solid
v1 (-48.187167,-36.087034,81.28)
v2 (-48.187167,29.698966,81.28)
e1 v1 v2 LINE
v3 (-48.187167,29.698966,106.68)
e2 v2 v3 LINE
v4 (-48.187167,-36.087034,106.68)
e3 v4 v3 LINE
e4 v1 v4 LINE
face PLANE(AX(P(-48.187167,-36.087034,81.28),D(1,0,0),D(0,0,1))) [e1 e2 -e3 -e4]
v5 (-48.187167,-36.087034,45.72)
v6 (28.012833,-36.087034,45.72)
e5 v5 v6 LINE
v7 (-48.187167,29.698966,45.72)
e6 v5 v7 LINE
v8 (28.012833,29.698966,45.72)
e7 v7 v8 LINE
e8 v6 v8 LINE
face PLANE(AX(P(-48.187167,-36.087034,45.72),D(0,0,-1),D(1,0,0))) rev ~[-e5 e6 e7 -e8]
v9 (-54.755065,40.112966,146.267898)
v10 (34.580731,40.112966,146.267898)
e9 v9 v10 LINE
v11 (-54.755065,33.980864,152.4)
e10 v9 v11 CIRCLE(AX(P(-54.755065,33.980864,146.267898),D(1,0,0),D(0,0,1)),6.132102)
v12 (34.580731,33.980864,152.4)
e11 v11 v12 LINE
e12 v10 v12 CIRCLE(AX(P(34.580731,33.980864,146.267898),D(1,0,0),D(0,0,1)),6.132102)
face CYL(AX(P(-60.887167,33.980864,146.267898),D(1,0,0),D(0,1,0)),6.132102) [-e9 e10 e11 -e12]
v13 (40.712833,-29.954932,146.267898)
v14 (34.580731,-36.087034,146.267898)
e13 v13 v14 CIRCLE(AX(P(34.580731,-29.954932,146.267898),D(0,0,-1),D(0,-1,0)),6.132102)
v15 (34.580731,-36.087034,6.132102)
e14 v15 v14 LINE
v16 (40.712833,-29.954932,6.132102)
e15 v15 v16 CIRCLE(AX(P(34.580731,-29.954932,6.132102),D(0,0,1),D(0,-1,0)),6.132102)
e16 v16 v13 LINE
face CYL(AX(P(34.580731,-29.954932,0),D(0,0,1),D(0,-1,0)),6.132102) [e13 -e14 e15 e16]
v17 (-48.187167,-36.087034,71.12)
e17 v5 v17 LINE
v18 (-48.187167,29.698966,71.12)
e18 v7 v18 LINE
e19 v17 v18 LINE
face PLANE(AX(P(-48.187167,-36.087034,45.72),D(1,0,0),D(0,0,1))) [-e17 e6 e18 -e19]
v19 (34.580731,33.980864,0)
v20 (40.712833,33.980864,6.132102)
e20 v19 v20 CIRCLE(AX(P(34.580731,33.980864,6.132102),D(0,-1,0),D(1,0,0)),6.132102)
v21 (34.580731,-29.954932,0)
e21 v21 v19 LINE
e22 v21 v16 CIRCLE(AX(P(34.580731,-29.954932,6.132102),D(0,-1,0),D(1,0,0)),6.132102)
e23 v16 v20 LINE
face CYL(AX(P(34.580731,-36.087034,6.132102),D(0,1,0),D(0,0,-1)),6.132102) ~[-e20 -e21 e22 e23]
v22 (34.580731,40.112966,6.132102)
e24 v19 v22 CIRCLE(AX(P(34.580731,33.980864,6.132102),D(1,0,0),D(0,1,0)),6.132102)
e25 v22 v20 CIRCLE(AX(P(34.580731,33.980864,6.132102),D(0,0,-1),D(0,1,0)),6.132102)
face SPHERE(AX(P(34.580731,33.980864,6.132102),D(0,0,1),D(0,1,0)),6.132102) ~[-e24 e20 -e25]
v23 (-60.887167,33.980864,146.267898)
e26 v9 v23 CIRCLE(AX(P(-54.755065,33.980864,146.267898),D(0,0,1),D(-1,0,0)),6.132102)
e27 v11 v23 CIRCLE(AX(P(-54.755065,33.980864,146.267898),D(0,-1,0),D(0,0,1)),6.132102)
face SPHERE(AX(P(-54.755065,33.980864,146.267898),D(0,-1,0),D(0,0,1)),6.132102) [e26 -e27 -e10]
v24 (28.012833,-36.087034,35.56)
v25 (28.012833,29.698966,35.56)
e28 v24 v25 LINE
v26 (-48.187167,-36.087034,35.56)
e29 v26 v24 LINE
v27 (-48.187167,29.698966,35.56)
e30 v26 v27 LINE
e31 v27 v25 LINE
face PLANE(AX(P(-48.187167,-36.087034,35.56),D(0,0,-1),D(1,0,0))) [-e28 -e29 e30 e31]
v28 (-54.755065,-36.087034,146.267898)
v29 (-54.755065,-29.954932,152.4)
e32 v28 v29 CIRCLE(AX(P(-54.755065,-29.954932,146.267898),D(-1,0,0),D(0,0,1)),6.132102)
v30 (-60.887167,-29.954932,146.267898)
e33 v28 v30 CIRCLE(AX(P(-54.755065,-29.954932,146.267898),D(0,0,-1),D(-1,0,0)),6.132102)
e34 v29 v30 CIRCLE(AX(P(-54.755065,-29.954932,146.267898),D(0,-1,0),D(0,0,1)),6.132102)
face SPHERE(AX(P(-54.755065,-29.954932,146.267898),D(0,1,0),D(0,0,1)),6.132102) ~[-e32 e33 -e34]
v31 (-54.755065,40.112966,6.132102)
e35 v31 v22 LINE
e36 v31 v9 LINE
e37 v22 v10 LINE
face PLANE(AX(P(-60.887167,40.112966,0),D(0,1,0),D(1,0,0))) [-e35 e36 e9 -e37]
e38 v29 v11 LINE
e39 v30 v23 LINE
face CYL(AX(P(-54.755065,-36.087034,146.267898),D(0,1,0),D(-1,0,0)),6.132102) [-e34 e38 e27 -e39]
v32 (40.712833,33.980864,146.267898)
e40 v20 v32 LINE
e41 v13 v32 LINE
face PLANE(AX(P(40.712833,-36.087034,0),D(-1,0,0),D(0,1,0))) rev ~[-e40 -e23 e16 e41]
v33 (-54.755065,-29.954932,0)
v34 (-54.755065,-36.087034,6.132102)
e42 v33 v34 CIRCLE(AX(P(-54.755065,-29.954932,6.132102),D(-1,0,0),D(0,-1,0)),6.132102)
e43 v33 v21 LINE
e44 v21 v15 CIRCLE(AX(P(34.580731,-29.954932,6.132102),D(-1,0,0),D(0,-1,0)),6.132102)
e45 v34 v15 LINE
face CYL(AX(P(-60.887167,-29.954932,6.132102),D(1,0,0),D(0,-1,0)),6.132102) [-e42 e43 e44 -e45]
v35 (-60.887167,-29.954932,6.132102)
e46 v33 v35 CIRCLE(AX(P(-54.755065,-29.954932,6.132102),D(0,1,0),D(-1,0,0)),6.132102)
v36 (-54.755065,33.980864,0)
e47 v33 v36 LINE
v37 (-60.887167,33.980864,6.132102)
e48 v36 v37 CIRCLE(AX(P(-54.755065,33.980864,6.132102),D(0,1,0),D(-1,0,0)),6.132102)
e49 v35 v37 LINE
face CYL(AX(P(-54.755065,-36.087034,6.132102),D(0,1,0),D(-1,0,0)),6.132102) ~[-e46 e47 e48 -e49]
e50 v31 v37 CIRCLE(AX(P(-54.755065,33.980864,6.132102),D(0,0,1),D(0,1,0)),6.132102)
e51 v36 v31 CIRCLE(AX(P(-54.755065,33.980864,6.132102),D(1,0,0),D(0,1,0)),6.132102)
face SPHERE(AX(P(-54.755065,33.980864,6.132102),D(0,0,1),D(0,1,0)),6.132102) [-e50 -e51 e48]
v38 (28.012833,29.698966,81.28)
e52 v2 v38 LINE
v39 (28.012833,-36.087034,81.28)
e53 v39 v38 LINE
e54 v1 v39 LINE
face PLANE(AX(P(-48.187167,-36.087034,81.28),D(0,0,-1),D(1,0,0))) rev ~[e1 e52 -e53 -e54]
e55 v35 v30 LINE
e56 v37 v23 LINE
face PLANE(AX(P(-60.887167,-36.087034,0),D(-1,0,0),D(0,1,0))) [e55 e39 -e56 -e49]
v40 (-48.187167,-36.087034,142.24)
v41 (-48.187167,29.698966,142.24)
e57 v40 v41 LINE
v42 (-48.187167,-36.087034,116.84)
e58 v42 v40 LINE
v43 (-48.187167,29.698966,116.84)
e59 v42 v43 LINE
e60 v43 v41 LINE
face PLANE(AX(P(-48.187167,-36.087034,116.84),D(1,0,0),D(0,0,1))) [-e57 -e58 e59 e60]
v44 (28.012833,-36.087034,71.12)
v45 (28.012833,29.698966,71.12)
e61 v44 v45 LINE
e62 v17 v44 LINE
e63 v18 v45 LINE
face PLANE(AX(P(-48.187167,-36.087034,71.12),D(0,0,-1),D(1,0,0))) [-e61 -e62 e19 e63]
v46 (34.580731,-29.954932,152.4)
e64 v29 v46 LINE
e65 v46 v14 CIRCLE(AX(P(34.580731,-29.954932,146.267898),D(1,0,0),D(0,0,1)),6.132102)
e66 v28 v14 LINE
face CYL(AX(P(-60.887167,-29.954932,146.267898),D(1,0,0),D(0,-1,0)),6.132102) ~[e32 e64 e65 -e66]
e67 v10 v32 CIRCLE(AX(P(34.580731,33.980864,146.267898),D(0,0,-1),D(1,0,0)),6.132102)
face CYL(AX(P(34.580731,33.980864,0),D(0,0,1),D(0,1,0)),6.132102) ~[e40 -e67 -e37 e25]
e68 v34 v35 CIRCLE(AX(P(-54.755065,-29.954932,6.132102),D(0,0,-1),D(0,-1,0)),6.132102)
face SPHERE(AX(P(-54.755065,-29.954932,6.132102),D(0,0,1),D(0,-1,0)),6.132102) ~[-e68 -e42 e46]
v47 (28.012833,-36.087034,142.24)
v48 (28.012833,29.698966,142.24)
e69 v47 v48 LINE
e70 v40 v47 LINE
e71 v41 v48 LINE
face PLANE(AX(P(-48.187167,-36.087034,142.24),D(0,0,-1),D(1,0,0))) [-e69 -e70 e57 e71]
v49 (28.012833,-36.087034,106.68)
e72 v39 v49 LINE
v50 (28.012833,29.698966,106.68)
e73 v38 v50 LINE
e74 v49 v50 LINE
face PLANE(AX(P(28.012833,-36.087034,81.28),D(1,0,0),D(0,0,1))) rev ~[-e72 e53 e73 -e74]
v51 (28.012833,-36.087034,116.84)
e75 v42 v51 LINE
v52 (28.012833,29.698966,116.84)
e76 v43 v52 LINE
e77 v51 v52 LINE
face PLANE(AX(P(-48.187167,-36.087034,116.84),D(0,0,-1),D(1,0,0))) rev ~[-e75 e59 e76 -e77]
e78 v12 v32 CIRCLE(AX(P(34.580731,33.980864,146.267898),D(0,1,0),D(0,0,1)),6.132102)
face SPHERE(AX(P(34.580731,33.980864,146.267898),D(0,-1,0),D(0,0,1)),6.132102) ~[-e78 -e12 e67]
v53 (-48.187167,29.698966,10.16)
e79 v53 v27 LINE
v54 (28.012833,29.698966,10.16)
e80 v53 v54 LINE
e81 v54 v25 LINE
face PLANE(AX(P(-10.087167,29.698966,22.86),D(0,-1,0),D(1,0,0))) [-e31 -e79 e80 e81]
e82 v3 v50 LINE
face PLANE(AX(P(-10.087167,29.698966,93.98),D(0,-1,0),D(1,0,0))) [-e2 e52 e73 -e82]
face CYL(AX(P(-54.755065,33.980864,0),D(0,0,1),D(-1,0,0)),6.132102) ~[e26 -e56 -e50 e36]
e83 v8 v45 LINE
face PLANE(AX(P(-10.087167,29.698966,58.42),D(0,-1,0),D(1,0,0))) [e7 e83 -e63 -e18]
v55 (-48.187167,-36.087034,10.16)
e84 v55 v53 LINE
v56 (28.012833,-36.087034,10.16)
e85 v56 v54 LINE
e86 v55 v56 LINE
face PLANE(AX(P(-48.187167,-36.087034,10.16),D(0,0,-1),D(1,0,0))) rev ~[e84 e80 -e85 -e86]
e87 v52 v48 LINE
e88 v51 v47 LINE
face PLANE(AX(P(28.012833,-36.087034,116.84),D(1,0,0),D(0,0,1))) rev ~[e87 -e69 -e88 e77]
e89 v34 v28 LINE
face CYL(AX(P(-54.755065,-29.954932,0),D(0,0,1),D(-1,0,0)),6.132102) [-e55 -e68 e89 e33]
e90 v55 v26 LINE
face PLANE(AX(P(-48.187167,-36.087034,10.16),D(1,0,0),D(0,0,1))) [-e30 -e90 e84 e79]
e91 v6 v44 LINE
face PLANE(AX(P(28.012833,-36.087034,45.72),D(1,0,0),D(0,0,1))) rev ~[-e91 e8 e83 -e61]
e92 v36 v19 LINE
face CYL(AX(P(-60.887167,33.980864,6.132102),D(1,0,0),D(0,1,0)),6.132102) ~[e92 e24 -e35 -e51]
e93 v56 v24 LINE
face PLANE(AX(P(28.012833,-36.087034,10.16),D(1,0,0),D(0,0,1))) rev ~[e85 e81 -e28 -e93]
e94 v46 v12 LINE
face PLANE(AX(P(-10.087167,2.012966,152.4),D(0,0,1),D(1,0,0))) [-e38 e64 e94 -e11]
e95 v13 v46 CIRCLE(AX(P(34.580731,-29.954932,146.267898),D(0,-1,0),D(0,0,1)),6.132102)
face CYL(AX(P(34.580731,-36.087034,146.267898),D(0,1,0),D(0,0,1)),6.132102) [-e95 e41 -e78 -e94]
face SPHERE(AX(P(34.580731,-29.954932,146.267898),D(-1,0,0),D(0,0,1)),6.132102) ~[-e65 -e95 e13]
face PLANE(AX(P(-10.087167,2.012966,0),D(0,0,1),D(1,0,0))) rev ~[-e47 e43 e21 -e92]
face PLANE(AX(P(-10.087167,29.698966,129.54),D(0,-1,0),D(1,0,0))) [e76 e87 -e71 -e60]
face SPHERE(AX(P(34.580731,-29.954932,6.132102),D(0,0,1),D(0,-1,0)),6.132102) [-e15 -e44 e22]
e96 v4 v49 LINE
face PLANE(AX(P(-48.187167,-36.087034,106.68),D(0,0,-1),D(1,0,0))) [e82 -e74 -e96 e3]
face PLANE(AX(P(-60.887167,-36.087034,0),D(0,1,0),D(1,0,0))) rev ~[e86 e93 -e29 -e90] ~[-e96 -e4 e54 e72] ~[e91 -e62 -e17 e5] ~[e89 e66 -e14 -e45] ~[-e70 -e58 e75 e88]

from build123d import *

# Parameters (mm, degrees)
F0_W     = 101.6
F0_H     = 76.2
F1_DEPTH = 152.4
F2_W     = 76.2
F2_H     = 25.4
F3_DEPTH = 65.786
F4_R     = 6.132102


with BuildPart() as f1:
    # F0 (on Top) → F1 (new body)
    with BuildSketch(Plane.XY):
        with Locations((-10.087167, 2.012966)):
            Rectangle(F0_W, F0_H)
    extrude(amount=F1_DEPTH)

    # F2 (on face) → F3 (cut)
    with BuildSketch(Plane.XZ.offset(36.087034)):
        with Locations((-10.087167, 129.54)):
            Rectangle(F2_W, F2_H)
        with Locations((-10.087167, 93.98)):
            Rectangle(F2_W, F2_H)
        with Locations((-10.087167, 58.42)):
            Rectangle(F2_W, F2_H)
        with Locations((-10.087167, 22.86)):
            Rectangle(F2_W, F2_H)
    extrude(amount=-F3_DEPTH, mode=Mode.SUBTRACT)

    # F4
    f4_edges = [f1.edges().sort_by_distance(p)[0] for p in [
        (-60.887167, 2.012966, 152.4),
        (-10.087167, -36.087034, 152.4),
        (40.712833, 2.012966, 152.4),
        (-10.087167, 40.112966, 152.4),
        (40.712833, -36.087034, 76.2),
        (40.712833, 40.112966, 76.2),
        (-60.887167, 40.112966, 76.2),
        (-60.887167, -36.087034, 76.2),
        (-10.087167, -36.087034, 0),
        (-10.087167, 40.112966, 0),
        (40.712833, 2.012966, 0),
        (-60.887167, 2.012966, 0),
    ]]
    fillet(f4_edges, radius=F4_R)


solid = f1.part
